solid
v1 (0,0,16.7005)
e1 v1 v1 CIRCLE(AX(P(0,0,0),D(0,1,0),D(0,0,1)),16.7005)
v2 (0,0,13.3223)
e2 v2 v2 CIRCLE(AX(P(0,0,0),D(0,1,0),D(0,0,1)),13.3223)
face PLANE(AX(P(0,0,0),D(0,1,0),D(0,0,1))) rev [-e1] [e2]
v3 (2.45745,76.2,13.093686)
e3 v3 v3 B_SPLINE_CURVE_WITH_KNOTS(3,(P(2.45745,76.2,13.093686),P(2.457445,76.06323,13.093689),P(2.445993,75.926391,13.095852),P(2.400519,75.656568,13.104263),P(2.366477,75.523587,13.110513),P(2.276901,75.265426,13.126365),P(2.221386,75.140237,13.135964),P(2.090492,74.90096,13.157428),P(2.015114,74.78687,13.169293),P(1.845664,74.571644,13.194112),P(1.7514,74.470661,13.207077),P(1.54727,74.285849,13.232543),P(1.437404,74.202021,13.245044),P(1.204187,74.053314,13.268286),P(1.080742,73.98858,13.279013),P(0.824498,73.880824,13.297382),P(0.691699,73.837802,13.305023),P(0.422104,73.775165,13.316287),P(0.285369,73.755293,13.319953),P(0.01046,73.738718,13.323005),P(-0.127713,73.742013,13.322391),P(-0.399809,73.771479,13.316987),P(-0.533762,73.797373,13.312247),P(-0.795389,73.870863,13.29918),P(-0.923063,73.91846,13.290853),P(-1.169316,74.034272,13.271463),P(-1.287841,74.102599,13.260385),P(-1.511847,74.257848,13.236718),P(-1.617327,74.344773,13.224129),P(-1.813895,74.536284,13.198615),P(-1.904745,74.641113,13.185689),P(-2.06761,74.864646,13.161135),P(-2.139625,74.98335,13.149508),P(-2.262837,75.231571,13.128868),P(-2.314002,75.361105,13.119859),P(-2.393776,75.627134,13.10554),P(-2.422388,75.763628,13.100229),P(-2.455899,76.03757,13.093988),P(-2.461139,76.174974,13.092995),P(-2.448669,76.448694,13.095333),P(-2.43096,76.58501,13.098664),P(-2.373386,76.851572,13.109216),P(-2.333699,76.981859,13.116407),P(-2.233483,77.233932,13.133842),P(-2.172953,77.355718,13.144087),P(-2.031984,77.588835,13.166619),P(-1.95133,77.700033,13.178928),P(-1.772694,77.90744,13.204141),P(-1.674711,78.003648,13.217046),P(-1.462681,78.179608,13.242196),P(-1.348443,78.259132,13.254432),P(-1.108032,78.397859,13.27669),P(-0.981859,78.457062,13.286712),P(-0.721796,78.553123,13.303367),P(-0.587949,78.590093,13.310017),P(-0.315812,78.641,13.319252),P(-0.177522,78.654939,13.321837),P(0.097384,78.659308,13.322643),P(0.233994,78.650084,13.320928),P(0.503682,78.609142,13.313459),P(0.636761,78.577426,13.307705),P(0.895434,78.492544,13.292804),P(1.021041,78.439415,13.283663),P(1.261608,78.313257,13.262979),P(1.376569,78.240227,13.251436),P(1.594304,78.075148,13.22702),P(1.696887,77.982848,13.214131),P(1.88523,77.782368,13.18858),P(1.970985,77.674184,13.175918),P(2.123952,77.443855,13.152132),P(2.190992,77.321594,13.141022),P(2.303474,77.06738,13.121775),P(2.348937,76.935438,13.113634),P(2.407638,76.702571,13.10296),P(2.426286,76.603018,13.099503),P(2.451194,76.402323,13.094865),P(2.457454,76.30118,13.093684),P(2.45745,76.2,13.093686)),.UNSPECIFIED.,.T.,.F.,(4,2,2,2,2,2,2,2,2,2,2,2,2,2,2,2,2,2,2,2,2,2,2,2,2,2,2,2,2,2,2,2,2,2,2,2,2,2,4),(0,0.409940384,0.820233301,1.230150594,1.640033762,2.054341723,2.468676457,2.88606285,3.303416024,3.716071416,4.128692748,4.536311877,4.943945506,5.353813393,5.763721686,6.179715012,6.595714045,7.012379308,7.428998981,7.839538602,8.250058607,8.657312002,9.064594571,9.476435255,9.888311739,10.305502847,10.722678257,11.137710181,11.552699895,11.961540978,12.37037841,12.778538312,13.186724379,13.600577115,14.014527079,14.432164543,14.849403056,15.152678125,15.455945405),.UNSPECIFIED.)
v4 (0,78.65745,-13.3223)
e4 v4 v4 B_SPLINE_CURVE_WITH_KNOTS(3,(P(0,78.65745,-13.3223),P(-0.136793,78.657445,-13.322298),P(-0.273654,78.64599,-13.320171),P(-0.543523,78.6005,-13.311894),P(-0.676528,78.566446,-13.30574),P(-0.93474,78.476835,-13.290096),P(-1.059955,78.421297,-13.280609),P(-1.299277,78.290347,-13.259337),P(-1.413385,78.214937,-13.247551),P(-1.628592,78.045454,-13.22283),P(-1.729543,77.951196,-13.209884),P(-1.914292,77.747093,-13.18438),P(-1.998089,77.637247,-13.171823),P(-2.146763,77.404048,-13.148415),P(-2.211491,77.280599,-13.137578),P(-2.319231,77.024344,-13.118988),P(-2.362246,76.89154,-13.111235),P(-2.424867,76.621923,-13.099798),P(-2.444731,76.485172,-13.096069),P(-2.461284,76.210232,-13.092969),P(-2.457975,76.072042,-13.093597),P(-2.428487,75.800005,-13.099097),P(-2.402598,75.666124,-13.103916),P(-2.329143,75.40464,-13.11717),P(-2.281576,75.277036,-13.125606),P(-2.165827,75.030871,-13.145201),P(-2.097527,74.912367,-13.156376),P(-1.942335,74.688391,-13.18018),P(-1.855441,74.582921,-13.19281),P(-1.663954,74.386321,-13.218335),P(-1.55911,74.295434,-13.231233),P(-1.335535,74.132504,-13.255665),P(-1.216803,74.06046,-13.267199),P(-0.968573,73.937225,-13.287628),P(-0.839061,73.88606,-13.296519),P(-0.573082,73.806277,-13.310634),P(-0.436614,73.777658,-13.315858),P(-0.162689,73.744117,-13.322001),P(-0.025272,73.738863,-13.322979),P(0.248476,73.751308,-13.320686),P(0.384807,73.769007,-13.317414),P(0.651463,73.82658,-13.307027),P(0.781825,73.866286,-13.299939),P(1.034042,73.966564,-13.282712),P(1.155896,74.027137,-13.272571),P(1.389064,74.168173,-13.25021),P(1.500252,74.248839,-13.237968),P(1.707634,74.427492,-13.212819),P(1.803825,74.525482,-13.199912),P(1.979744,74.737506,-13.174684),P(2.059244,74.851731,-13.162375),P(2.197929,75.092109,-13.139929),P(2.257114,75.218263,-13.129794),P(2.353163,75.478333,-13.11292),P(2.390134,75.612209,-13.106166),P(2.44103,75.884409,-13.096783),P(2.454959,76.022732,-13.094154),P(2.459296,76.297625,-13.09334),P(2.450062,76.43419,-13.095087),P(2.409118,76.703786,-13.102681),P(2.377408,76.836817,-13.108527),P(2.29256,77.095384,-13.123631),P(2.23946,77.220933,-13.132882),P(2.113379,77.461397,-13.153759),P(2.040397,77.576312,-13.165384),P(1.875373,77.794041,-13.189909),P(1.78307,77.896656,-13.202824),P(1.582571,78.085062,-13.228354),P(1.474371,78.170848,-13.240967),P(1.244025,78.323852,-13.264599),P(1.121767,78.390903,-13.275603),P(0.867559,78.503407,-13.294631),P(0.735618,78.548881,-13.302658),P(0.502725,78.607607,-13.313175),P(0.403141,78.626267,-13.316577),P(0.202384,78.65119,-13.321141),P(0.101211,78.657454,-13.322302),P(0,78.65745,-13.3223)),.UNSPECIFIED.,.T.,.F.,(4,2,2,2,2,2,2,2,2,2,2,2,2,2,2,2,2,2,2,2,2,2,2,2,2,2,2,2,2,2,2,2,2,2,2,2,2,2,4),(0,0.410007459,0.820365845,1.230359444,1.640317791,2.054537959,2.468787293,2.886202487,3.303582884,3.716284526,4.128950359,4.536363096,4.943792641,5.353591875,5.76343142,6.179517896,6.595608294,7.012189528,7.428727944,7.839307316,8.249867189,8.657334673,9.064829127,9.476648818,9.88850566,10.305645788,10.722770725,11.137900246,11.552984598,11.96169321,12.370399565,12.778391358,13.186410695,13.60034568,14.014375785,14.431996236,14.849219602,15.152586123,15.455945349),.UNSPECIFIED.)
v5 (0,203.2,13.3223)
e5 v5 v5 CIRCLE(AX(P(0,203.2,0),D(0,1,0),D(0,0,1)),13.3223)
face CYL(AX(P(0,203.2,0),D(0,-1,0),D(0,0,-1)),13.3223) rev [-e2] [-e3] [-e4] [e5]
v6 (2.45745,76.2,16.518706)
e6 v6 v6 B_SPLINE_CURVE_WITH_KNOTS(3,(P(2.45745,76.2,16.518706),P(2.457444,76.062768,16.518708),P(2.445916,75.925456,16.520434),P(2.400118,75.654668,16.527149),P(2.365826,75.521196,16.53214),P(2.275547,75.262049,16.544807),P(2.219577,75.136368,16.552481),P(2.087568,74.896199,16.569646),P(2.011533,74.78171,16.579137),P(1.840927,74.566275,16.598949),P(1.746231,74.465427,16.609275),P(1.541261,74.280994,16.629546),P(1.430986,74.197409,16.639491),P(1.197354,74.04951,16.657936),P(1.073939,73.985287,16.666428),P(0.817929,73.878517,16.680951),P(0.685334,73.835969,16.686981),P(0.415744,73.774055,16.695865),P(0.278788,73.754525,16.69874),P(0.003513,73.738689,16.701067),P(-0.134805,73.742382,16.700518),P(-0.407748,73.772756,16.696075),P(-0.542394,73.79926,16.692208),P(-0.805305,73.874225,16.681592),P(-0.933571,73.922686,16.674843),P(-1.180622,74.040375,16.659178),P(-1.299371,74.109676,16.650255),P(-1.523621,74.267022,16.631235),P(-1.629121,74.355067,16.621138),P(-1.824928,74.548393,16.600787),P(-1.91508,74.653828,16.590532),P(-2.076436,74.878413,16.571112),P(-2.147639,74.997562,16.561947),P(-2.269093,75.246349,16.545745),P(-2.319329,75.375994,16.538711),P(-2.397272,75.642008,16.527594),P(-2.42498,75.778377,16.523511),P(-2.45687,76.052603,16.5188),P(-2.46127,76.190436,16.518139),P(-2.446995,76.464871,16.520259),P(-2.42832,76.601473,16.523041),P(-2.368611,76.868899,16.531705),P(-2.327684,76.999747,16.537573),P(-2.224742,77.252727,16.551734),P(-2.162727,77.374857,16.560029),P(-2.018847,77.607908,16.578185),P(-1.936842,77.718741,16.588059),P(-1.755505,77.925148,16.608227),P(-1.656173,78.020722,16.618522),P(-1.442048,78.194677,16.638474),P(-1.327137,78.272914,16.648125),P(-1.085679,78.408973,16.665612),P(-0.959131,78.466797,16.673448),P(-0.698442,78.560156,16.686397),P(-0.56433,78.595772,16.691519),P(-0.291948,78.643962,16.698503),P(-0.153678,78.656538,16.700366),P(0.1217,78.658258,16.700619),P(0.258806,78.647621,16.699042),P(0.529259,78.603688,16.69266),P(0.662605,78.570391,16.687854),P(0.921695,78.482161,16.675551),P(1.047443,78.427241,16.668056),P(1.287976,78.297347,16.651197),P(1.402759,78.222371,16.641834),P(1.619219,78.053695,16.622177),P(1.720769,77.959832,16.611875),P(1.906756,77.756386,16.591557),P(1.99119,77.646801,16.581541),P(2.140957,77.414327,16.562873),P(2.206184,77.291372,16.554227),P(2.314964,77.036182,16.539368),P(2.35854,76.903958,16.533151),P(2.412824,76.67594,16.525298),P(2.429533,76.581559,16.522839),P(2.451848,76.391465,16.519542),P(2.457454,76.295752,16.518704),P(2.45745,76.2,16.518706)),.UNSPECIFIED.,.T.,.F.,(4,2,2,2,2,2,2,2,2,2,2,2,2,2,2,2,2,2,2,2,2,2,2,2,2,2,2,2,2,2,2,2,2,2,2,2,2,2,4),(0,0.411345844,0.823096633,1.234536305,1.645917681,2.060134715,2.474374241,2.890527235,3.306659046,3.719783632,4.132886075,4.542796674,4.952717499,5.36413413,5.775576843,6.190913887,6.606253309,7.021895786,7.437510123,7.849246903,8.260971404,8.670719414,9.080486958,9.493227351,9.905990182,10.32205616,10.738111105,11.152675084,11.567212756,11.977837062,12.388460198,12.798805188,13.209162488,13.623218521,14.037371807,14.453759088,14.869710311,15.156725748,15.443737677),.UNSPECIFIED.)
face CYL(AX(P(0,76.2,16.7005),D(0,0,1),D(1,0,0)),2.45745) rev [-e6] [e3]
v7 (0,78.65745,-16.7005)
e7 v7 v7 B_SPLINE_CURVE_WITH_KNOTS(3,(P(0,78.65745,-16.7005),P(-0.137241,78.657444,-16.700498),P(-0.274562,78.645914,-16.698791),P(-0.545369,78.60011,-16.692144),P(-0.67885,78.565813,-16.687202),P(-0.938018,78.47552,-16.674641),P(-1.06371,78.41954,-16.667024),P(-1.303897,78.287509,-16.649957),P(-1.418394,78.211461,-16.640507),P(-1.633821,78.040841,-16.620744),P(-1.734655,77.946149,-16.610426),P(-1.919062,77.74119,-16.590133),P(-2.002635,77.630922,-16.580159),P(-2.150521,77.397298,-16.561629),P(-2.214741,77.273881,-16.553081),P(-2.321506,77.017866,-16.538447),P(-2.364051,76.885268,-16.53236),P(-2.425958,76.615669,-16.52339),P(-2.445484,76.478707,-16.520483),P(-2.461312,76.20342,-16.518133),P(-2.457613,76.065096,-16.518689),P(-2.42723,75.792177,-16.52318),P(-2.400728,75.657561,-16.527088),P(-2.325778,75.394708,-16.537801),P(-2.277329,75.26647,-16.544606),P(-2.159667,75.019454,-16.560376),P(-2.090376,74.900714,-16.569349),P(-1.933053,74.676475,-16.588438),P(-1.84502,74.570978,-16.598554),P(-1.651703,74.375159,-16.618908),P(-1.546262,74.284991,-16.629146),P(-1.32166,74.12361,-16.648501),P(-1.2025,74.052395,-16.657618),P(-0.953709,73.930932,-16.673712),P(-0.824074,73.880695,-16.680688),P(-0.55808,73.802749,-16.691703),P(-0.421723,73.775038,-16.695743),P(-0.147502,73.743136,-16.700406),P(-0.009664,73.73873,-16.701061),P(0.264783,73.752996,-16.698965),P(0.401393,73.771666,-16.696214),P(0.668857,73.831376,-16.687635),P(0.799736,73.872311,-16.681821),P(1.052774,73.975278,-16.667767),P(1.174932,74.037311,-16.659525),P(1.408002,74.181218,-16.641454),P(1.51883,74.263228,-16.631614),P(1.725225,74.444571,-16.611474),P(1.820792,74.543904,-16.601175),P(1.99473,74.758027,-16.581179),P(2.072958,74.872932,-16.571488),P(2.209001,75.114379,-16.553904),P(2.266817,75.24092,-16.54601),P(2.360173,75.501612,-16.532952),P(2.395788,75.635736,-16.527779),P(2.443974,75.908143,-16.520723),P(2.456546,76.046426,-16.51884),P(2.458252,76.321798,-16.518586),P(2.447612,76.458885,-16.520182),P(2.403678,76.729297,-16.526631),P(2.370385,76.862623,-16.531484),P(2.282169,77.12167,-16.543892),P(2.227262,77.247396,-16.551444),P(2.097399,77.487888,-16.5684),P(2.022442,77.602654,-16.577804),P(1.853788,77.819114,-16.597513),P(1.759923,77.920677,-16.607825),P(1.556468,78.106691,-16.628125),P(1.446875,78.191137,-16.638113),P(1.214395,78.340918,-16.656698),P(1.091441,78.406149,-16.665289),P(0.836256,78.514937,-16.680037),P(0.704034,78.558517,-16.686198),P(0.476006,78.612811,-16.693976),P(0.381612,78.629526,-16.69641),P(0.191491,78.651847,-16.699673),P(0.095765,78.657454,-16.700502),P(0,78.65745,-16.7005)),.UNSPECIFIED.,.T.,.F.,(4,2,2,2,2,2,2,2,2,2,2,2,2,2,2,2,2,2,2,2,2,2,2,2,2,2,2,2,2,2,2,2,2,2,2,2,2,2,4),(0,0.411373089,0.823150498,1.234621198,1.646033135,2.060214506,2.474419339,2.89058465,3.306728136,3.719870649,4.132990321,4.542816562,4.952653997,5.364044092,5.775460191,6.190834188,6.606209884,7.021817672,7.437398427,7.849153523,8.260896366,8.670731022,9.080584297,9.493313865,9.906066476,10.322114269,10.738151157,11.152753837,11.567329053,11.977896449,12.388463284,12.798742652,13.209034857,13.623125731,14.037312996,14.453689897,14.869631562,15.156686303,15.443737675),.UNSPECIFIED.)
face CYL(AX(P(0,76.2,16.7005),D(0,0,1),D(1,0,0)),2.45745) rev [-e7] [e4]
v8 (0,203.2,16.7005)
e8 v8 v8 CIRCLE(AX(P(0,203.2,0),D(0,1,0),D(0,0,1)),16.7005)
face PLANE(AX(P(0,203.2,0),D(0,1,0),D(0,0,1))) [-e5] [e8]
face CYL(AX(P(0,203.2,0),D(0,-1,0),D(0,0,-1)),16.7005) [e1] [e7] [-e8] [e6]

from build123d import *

# Parameters (mm, degrees)
SKETCH1_R                    = 16.7005
SKETCH1_R_2                  = 13.3223
BOSS_EXTRUDE1_DEPTH          = 203.2
F_10_0_1935_DIAMETER_HOLE1_D = 4.9149


with BuildPart() as part:
    # Sketch1 → Boss-Extrude1 (new body)
    with BuildSketch(Plane(origin=(0, 0, 0), x_dir=(1, 0, 0), z_dir=(0, 1, 0))):
        Circle(SKETCH1_R)
        Circle(SKETCH1_R_2, mode=Mode.SUBTRACT)
    extrude(amount=BOSS_EXTRUDE1_DEPTH)

    # #10 (0.1935) Diameter Hole1 (through all)
    with Locations(Plane.XY.offset(16.7005)):
        with Locations((0, 76.2)):
            Hole(F_10_0_1935_DIAMETER_HOLE1_D / 2)


solid = part.part
